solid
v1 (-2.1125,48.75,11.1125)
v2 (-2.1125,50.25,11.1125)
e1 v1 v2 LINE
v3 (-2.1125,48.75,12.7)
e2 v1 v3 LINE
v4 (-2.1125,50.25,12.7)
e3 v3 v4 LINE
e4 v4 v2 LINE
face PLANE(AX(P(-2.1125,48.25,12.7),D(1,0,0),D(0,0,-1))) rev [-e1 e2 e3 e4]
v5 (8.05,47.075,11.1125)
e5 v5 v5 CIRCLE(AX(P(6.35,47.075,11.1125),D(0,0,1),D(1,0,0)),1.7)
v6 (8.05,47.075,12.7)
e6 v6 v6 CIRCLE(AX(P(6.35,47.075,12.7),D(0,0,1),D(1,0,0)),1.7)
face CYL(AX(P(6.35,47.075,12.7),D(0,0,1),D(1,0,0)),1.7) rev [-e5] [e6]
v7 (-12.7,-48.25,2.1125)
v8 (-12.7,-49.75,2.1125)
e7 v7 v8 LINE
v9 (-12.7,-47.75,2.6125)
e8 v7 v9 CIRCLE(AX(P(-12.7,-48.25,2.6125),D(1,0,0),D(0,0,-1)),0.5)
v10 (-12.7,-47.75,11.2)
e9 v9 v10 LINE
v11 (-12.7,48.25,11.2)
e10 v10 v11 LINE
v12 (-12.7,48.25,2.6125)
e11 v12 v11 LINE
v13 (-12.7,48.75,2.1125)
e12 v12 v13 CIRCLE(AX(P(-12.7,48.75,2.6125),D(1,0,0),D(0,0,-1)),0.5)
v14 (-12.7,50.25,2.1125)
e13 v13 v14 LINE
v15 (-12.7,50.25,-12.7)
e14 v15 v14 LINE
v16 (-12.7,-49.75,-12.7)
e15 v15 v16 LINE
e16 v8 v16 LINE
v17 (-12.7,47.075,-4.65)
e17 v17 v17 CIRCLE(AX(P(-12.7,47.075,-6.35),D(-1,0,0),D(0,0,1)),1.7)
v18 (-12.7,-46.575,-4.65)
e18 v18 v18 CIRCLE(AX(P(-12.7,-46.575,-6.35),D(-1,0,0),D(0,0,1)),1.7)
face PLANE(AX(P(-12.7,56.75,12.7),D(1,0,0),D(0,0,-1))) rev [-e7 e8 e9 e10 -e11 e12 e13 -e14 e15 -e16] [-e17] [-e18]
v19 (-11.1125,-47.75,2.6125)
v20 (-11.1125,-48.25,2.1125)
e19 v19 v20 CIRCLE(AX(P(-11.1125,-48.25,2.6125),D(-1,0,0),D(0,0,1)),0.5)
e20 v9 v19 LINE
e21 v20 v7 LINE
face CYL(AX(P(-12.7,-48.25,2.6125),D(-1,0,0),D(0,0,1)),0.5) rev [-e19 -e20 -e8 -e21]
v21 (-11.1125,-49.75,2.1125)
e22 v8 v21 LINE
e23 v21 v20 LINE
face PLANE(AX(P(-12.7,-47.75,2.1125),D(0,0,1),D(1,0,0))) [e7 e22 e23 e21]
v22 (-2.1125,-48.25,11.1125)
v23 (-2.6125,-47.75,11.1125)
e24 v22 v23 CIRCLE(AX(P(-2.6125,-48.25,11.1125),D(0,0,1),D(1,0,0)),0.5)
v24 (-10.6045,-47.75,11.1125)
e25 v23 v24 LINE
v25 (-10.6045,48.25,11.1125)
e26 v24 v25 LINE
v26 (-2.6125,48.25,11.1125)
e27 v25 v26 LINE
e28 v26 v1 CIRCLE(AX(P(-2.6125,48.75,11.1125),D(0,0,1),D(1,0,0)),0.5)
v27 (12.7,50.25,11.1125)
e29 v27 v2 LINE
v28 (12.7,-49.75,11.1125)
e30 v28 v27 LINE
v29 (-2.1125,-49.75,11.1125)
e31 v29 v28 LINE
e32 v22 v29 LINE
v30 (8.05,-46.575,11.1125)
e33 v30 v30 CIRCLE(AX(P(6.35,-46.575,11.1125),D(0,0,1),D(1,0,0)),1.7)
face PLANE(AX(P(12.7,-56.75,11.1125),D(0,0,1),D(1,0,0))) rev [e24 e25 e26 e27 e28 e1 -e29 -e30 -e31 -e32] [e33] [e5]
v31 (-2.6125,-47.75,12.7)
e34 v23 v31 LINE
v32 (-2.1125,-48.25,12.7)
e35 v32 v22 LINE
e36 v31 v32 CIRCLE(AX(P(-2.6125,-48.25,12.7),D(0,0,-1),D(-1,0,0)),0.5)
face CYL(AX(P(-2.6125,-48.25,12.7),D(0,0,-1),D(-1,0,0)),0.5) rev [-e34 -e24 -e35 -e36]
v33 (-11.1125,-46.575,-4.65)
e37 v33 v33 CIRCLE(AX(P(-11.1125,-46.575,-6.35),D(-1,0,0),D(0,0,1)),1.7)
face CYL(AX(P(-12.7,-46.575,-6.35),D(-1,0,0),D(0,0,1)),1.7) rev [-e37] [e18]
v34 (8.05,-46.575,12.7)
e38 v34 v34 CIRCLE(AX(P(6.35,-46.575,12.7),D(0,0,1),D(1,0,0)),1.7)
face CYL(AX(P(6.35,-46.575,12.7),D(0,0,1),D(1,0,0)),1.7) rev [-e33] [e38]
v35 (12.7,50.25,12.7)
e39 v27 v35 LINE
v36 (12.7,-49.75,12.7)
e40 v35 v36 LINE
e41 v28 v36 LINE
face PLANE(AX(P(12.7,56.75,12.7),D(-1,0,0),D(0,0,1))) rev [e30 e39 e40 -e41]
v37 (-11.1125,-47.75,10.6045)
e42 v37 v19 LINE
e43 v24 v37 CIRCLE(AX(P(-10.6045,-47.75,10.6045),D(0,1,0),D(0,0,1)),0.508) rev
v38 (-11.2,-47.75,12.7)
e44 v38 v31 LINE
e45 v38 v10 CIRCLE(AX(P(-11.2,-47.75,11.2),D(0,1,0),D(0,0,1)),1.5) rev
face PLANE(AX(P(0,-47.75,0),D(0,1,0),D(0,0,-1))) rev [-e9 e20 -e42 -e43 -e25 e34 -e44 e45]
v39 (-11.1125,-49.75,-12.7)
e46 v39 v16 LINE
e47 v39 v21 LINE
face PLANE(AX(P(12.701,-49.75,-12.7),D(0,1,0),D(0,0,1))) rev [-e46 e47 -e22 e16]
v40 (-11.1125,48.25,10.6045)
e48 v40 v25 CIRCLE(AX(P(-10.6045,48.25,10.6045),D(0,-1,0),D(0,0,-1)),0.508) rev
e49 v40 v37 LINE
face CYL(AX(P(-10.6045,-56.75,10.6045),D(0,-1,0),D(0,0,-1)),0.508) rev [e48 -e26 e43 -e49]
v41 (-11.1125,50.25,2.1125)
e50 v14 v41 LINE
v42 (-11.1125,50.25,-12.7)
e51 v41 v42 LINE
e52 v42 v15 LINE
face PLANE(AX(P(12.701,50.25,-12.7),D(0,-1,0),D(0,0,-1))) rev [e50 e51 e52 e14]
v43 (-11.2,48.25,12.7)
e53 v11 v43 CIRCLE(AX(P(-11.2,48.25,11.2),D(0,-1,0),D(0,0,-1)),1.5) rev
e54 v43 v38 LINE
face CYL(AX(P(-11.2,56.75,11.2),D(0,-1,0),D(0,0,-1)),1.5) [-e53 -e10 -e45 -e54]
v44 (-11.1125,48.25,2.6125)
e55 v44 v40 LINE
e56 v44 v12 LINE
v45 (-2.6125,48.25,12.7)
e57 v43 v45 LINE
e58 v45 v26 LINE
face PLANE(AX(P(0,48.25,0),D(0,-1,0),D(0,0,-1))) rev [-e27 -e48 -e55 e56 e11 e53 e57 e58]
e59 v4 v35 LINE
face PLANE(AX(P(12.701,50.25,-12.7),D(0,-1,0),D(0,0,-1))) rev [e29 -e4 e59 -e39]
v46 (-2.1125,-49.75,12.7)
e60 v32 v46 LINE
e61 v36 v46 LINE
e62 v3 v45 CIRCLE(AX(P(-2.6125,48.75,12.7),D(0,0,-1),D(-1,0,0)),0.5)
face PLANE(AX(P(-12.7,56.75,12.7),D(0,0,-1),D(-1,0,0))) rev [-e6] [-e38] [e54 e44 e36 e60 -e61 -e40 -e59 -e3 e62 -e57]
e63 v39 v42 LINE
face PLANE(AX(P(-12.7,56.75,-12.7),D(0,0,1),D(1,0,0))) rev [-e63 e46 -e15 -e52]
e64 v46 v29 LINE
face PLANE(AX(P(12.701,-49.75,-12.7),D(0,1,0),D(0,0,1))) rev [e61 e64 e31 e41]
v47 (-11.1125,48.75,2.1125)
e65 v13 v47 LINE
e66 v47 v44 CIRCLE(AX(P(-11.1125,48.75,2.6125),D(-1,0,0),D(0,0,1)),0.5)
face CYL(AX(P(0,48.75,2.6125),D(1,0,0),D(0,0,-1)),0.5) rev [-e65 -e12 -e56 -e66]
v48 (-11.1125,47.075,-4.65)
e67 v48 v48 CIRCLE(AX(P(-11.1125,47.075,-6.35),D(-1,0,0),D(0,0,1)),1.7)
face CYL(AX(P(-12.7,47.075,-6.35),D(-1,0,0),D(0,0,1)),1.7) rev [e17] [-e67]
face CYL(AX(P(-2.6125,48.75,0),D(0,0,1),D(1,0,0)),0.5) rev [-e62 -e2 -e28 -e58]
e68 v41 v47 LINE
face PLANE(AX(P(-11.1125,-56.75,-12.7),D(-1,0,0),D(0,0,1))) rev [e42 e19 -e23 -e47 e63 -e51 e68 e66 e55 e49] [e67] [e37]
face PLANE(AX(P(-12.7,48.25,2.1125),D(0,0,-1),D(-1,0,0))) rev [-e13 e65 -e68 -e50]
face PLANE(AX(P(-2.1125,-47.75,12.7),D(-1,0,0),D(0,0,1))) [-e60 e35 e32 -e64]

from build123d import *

# Parameters (mm, degrees)
SKETCH1_W            = 25.4
SKETCH1_H            = 25.4
BOSS_EXTRUDE1_DEPTH  = 56.75
SKETCH2_W            = 23.8125
SKETCH2_H            = 23.8125
CUT_EXTRUDE1_DEPTH   = 115.912270885
FILLET1_R            = 0.508
M3_CLEARANCE_HOLE1_D = 3.4
M3_CLEARANCE_HOLE2_D = 3.4
M3_CLEARANCE_HOLE3_D = 3.4
M3_CLEARANCE_HOLE4_D = 3.4
FILLET2_R            = 1.5
CUT_EXTRUDE2_REACH   = 65.459
SKETCH11_W           = 16.9
SKETCH11_H           = 6.499999954
SKETCH11_H_2         = 7
CUT_EXTRUDE3_REACH   = 65.459
SKETCH12_W           = 16.9
SKETCH12_H           = 6.5
SKETCH12_H_2         = 7
FILLET3_R            = 3.81
CUT_EXTRUDE4_REACH   = 65.459
SKETCH13_W           = 15.4
SKETCH13_H           = 87.3
CUT_EXTRUDE5_REACH   = 65.459
SKETCH14_W           = 15.4
SKETCH14_H           = 87.3
CHAMFER2_SIZE        = 6.35
FILLET5_R            = 3.81
SKETCH15_W           = 12.31
SKETCH15_H           = 12.31
CUT_EXTRUDE6_DEPTH   = 6.5
SKETCH17_W           = 12.31
SKETCH17_H           = 12.31
CUT_EXTRUDE8_DEPTH   = 7
BOSS_EXTRUDE2_START  = -1.5875
BOSS_EXTRUDE2_DEPTH  = 1.5875
BOSS_EXTRUDE3_START  = -1.5875
BOSS_EXTRUDE3_DEPTH  = 1.5875
SKETCH22_W           = 10.5875
SKETCH22_H           = 10.5875
CUT_EXTRUDE9_DEPTH   = 2
FILLET6_R            = 0.5
FILLET6_OF_MIRROR1_R = 0.5


with BuildPart() as part:
    # Sketch1 → Boss-Extrude1 (new, symmetric)
    with BuildSketch(Plane(origin=(0, 0, 0), x_dir=(1, 0, 0), z_dir=(0, 1, 0))):
        Rectangle(SKETCH1_W, SKETCH1_H)
    extrude(amount=BOSS_EXTRUDE1_DEPTH, both=True)

    # Sketch2 → Cut-Extrude1 (cut, through all)
    with BuildSketch(Plane(origin=(0, 56.75, 0), x_dir=(1, 0, 0), z_dir=(0, 1, 0))):
        with Locations((0.79375, 0.79375)):
            Rectangle(SKETCH2_W, SKETCH2_H)
    extrude(amount=-CUT_EXTRUDE1_DEPTH, mode=Mode.SUBTRACT)

    # Fillet1
    fillet1_edges = [part.edges().sort_by_distance(p)[0] for p in [
        (-11.1125, 0, 11.1125),
    ]]
    fillet(fillet1_edges, radius=FILLET1_R)

    # M3 Clearance Hole1 (through all)
    with Locations(Plane.XY.offset(12.7)):
        with Locations((6.35, 47.075)):
            Hole(M3_CLEARANCE_HOLE1_D / 2)

    # M3 Clearance Hole2 (through all)
    with Locations(Plane.ZY.offset(12.7)):
        with Locations((-6.35, 47.075)):
            Hole(M3_CLEARANCE_HOLE2_D / 2)

    # M3 Clearance Hole3 (through all)
    with Locations(Plane.XY.offset(12.7)):
        with Locations((6.35, -46.575)):
            Hole(M3_CLEARANCE_HOLE3_D / 2)

    # M3 Clearance Hole4 (through all)
    with Locations(Plane.ZY.offset(12.7)):
        with Locations((-6.35, -46.575)):
            Hole(M3_CLEARANCE_HOLE4_D / 2)

    # Fillet2
    fillet2_edges = [part.edges().sort_by_distance(p)[0] for p in [
        (-12.7, 0, 12.7),
    ]]
    fillet(fillet2_edges, radius=FILLET2_R)

    # Sketch11 → Cut-Extrude2 (cut, up to next)
    with BuildSketch(Plane.ZY.offset(12.7), mode=Mode.PRIVATE) as cut_extrude2_sk1:
        with Locations((-4.25, 53.500000023)):
            Rectangle(SKETCH11_W, SKETCH11_H)
    cut_extrude2_tool1 = extrude(cut_extrude2_sk1.sketch, amount=-CUT_EXTRUDE2_REACH, mode=Mode.PRIVATE) & part.part
    # Sketch11 → Cut-Extrude2 (cut, up to next)
    with BuildSketch(Plane.ZY.offset(12.7), mode=Mode.PRIVATE) as cut_extrude2_sk2:
        with Locations((-4.25, -53.25)):
            Rectangle(SKETCH11_W, SKETCH11_H_2)
    cut_extrude2_tool2 = extrude(cut_extrude2_sk2.sketch, amount=-CUT_EXTRUDE2_REACH, mode=Mode.PRIVATE) & part.part
    add(cut_extrude2_tool1.solids().sort_by_distance((-12.7, 53.5, -4.25))[0], mode=Mode.SUBTRACT)
    add(cut_extrude2_tool2.solids().sort_by_distance((-12.7, -53.25, -4.25))[0], mode=Mode.SUBTRACT)

    # Sketch12 → Cut-Extrude3 (cut, up to next)
    with BuildSketch(Plane.XY.offset(12.7), mode=Mode.PRIVATE) as cut_extrude3_sk1:
        with Locations((4.25, 53.5)):
            Rectangle(SKETCH12_W, SKETCH12_H)
    cut_extrude3_tool1 = extrude(cut_extrude3_sk1.sketch, amount=-CUT_EXTRUDE3_REACH, mode=Mode.PRIVATE) & part.part
    # Sketch12 → Cut-Extrude3 (cut, up to next)
    with BuildSketch(Plane.XY.offset(12.7), mode=Mode.PRIVATE) as cut_extrude3_sk2:
        with Locations((4.25, -53.25)):
            Rectangle(SKETCH12_W, SKETCH12_H_2)
    cut_extrude3_tool2 = extrude(cut_extrude3_sk2.sketch, amount=-CUT_EXTRUDE3_REACH, mode=Mode.PRIVATE) & part.part
    add(cut_extrude3_tool1.solids().sort_by_distance((4.25, 53.5, 12.7))[0], mode=Mode.SUBTRACT)
    add(cut_extrude3_tool2.solids().sort_by_distance((4.25, -53.25, 12.7))[0], mode=Mode.SUBTRACT)

    # Fillet3
    fillet3_edges = [part.edges().sort_by_distance(p)[0] for p in [
        (-4.2, 50.25, 11.90625),
        (-4.2, -49.75, 11.90625),
        (-11.90625, 50.250000046, 4.2),
        (-11.90625, -49.75, 4.2),
    ]]
    fillet(fillet3_edges, radius=FILLET3_R)

    # Sketch13 → Cut-Extrude4 (cut, up to next)
    with BuildSketch(Plane.ZY.offset(12.7), mode=Mode.PRIVATE) as cut_extrude4_sk1:
        with Locations((-5, 0.25)):
            Rectangle(SKETCH13_W, SKETCH13_H)
    cut_extrude4_tool1 = extrude(cut_extrude4_sk1.sketch, amount=-CUT_EXTRUDE4_REACH, mode=Mode.PRIVATE) & part.part
    add(cut_extrude4_tool1.solids().sort_by_distance((-12.7, 0.25, -5))[0], mode=Mode.SUBTRACT)

    # Sketch14 → Cut-Extrude5 (cut, up to next)
    with BuildSketch(Plane.XY.offset(12.7), mode=Mode.PRIVATE) as cut_extrude5_sk1:
        with Locations((5, 0.25)):
            Rectangle(SKETCH14_W, SKETCH14_H)
    cut_extrude5_tool1 = extrude(cut_extrude5_sk1.sketch, amount=-CUT_EXTRUDE5_REACH, mode=Mode.PRIVATE) & part.part
    add(cut_extrude5_tool1.solids().sort_by_distance((5, 0.25, 12.7))[0], mode=Mode.SUBTRACT)

    # Chamfer2
    chamfer2_edges = [part.edges().sort_by_distance(p)[0] for p in [
        (-11.90625, 43.9, 2.7),
        (-11.90625, -43.4, 2.7),
        (-2.7, -43.4, 11.90625),
        (-2.7, 43.9, 11.90625),
    ]]
    chamfer(chamfer2_edges, length=CHAMFER2_SIZE)

    # Fillet5
    fillet5_edges = [part.edges().sort_by_distance(p)[0] for p in [
        (-11.90625, 43.9, -3.65),
        (-11.90625, -37.05, 2.7),
        (-11.90625, 37.55, 2.7),
        (-2.7, -37.05, 11.90625),
        (-2.7, 37.55, 11.90625),
        (3.65, 43.9, 11.90625),
        (3.65, -43.4, 11.90625),
        (-11.90625, -43.4, -3.65),
    ]]
    fillet(fillet5_edges, radius=FILLET5_R)

    # Sketch15 → Cut-Extrude6 (cut)
    with BuildSketch(Plane(origin=(0, 56.75, 0), x_dir=(1, 0, 0), z_dir=(0, 1, 0))):
        with Locations((-6.545, -6.545)):
            Rectangle(SKETCH15_W, SKETCH15_H)
    extrude(amount=-CUT_EXTRUDE6_DEPTH, mode=Mode.SUBTRACT)

    # Sketch17 → Cut-Extrude8 (cut)
    with BuildSketch(Plane.XZ.offset(56.75)):
        with Locations((-6.545, 6.545)):
            Rectangle(SKETCH17_W, SKETCH17_H)
    extrude(amount=-CUT_EXTRUDE8_DEPTH, mode=Mode.SUBTRACT)

    # Sketch20 → Boss-Extrude2 (add)
    with BuildSketch(Plane.ZY.offset(12.7).offset(BOSS_EXTRUDE2_START)):
        with BuildLine():
            Line((-12.7, 43.9), (-12.7, -43.4))
            Line((-12.7, -43.4), (-5.228153673, -43.4))
            ThreePointArc((-5.228153673, -43.4), (-3.770129795, -43.109981019), (-2.534076836, -42.284076836))
            Line((-2.534076836, -42.284076836), (1.584076836, -38.165923164))
            ThreePointArc((1.584076836, -38.165923164), (2.409981019, -36.929870205), (2.7, -35.471846327))
            Line((2.7, -35.471846327), (2.7, 35.971846327))
            ThreePointArc((2.7, 35.971846327), (2.409981019, 37.429870205), (1.584076836, 38.665923164))
            Line((1.584076836, 38.665923164), (-2.534076836, 42.784076836))
            ThreePointArc((-2.534076836, 42.784076836), (-3.770129795, 43.609981019), (-5.228153673, 43.9))
            Line((-5.228153673, 43.9), (-12.7, 43.9))
        make_face()
    extrude(amount=BOSS_EXTRUDE2_DEPTH)

    # Sketch21 → Boss-Extrude3 (add)
    with BuildSketch(Plane.XY.offset(12.7).offset(BOSS_EXTRUDE3_START)):
        with BuildLine():
            Line((12.7, 43.9), (12.7, -43.4))
            Line((12.7, -43.4), (5.228153673, -43.4))
            ThreePointArc((5.228153673, -43.4), (3.770129795, -43.109981019), (2.534076836, -42.284076836))
            Line((2.534076836, -42.284076836), (-1.584076836, -38.165923164))
            ThreePointArc((-1.584076836, -38.165923164), (-2.409981019, -36.929870205), (-2.7, -35.471846327))
            Line((-2.7, -35.471846327), (-2.7, 35.971846327))
            ThreePointArc((-2.7, 35.971846327), (-2.409981019, 37.429870205), (-1.584076836, 38.665923164))
            Line((-1.584076836, 38.665923164), (2.534076836, 42.784076836))
            ThreePointArc((2.534076836, 42.784076836), (3.770129795, 43.609981019), (5.228153673, 43.9))
            Line((5.228153673, 43.9), (12.7, 43.9))
        make_face()
    extrude(amount=BOSS_EXTRUDE3_DEPTH)

    # Sketch22 → Cut-Extrude9 (cut)
    with BuildSketch(Plane(origin=(0, 50.250000046, 0), x_dir=(1, 0, 0), z_dir=(0, 1, 0))):
        with Locations((-7.40625, -7.40625)):
            Rectangle(SKETCH22_W, SKETCH22_H)
    cut_extrude9 = extrude(amount=-CUT_EXTRUDE9_DEPTH, mode=Mode.SUBTRACT)

    # Fillet6
    fillet6_edges = [part.edges().sort_by_distance(p)[0] for p in [
        (-11.90625, 48.250000046, 2.1125),
        (-2.1125, 48.250000046, 11.90625),
    ]]
    fillet(fillet6_edges, radius=FILLET6_R)

    # Mirror1: Cut-Extrude9 across plane
    add(cut_extrude9.mirror(Plane.ZX.offset(0.250000023)), mode=Mode.SUBTRACT)

    # Fillet6 of Mirror1
    fillet6_of_mirror1_edges = [part.edges().sort_by_distance(p)[0] for p in [
        (-11.90625, -47.75, 2.1125),
        (-2.1125, -47.75, 11.90625),
    ]]
    fillet(fillet6_of_mirror1_edges, radius=FILLET6_OF_MIRROR1_R)


solid = part.part
